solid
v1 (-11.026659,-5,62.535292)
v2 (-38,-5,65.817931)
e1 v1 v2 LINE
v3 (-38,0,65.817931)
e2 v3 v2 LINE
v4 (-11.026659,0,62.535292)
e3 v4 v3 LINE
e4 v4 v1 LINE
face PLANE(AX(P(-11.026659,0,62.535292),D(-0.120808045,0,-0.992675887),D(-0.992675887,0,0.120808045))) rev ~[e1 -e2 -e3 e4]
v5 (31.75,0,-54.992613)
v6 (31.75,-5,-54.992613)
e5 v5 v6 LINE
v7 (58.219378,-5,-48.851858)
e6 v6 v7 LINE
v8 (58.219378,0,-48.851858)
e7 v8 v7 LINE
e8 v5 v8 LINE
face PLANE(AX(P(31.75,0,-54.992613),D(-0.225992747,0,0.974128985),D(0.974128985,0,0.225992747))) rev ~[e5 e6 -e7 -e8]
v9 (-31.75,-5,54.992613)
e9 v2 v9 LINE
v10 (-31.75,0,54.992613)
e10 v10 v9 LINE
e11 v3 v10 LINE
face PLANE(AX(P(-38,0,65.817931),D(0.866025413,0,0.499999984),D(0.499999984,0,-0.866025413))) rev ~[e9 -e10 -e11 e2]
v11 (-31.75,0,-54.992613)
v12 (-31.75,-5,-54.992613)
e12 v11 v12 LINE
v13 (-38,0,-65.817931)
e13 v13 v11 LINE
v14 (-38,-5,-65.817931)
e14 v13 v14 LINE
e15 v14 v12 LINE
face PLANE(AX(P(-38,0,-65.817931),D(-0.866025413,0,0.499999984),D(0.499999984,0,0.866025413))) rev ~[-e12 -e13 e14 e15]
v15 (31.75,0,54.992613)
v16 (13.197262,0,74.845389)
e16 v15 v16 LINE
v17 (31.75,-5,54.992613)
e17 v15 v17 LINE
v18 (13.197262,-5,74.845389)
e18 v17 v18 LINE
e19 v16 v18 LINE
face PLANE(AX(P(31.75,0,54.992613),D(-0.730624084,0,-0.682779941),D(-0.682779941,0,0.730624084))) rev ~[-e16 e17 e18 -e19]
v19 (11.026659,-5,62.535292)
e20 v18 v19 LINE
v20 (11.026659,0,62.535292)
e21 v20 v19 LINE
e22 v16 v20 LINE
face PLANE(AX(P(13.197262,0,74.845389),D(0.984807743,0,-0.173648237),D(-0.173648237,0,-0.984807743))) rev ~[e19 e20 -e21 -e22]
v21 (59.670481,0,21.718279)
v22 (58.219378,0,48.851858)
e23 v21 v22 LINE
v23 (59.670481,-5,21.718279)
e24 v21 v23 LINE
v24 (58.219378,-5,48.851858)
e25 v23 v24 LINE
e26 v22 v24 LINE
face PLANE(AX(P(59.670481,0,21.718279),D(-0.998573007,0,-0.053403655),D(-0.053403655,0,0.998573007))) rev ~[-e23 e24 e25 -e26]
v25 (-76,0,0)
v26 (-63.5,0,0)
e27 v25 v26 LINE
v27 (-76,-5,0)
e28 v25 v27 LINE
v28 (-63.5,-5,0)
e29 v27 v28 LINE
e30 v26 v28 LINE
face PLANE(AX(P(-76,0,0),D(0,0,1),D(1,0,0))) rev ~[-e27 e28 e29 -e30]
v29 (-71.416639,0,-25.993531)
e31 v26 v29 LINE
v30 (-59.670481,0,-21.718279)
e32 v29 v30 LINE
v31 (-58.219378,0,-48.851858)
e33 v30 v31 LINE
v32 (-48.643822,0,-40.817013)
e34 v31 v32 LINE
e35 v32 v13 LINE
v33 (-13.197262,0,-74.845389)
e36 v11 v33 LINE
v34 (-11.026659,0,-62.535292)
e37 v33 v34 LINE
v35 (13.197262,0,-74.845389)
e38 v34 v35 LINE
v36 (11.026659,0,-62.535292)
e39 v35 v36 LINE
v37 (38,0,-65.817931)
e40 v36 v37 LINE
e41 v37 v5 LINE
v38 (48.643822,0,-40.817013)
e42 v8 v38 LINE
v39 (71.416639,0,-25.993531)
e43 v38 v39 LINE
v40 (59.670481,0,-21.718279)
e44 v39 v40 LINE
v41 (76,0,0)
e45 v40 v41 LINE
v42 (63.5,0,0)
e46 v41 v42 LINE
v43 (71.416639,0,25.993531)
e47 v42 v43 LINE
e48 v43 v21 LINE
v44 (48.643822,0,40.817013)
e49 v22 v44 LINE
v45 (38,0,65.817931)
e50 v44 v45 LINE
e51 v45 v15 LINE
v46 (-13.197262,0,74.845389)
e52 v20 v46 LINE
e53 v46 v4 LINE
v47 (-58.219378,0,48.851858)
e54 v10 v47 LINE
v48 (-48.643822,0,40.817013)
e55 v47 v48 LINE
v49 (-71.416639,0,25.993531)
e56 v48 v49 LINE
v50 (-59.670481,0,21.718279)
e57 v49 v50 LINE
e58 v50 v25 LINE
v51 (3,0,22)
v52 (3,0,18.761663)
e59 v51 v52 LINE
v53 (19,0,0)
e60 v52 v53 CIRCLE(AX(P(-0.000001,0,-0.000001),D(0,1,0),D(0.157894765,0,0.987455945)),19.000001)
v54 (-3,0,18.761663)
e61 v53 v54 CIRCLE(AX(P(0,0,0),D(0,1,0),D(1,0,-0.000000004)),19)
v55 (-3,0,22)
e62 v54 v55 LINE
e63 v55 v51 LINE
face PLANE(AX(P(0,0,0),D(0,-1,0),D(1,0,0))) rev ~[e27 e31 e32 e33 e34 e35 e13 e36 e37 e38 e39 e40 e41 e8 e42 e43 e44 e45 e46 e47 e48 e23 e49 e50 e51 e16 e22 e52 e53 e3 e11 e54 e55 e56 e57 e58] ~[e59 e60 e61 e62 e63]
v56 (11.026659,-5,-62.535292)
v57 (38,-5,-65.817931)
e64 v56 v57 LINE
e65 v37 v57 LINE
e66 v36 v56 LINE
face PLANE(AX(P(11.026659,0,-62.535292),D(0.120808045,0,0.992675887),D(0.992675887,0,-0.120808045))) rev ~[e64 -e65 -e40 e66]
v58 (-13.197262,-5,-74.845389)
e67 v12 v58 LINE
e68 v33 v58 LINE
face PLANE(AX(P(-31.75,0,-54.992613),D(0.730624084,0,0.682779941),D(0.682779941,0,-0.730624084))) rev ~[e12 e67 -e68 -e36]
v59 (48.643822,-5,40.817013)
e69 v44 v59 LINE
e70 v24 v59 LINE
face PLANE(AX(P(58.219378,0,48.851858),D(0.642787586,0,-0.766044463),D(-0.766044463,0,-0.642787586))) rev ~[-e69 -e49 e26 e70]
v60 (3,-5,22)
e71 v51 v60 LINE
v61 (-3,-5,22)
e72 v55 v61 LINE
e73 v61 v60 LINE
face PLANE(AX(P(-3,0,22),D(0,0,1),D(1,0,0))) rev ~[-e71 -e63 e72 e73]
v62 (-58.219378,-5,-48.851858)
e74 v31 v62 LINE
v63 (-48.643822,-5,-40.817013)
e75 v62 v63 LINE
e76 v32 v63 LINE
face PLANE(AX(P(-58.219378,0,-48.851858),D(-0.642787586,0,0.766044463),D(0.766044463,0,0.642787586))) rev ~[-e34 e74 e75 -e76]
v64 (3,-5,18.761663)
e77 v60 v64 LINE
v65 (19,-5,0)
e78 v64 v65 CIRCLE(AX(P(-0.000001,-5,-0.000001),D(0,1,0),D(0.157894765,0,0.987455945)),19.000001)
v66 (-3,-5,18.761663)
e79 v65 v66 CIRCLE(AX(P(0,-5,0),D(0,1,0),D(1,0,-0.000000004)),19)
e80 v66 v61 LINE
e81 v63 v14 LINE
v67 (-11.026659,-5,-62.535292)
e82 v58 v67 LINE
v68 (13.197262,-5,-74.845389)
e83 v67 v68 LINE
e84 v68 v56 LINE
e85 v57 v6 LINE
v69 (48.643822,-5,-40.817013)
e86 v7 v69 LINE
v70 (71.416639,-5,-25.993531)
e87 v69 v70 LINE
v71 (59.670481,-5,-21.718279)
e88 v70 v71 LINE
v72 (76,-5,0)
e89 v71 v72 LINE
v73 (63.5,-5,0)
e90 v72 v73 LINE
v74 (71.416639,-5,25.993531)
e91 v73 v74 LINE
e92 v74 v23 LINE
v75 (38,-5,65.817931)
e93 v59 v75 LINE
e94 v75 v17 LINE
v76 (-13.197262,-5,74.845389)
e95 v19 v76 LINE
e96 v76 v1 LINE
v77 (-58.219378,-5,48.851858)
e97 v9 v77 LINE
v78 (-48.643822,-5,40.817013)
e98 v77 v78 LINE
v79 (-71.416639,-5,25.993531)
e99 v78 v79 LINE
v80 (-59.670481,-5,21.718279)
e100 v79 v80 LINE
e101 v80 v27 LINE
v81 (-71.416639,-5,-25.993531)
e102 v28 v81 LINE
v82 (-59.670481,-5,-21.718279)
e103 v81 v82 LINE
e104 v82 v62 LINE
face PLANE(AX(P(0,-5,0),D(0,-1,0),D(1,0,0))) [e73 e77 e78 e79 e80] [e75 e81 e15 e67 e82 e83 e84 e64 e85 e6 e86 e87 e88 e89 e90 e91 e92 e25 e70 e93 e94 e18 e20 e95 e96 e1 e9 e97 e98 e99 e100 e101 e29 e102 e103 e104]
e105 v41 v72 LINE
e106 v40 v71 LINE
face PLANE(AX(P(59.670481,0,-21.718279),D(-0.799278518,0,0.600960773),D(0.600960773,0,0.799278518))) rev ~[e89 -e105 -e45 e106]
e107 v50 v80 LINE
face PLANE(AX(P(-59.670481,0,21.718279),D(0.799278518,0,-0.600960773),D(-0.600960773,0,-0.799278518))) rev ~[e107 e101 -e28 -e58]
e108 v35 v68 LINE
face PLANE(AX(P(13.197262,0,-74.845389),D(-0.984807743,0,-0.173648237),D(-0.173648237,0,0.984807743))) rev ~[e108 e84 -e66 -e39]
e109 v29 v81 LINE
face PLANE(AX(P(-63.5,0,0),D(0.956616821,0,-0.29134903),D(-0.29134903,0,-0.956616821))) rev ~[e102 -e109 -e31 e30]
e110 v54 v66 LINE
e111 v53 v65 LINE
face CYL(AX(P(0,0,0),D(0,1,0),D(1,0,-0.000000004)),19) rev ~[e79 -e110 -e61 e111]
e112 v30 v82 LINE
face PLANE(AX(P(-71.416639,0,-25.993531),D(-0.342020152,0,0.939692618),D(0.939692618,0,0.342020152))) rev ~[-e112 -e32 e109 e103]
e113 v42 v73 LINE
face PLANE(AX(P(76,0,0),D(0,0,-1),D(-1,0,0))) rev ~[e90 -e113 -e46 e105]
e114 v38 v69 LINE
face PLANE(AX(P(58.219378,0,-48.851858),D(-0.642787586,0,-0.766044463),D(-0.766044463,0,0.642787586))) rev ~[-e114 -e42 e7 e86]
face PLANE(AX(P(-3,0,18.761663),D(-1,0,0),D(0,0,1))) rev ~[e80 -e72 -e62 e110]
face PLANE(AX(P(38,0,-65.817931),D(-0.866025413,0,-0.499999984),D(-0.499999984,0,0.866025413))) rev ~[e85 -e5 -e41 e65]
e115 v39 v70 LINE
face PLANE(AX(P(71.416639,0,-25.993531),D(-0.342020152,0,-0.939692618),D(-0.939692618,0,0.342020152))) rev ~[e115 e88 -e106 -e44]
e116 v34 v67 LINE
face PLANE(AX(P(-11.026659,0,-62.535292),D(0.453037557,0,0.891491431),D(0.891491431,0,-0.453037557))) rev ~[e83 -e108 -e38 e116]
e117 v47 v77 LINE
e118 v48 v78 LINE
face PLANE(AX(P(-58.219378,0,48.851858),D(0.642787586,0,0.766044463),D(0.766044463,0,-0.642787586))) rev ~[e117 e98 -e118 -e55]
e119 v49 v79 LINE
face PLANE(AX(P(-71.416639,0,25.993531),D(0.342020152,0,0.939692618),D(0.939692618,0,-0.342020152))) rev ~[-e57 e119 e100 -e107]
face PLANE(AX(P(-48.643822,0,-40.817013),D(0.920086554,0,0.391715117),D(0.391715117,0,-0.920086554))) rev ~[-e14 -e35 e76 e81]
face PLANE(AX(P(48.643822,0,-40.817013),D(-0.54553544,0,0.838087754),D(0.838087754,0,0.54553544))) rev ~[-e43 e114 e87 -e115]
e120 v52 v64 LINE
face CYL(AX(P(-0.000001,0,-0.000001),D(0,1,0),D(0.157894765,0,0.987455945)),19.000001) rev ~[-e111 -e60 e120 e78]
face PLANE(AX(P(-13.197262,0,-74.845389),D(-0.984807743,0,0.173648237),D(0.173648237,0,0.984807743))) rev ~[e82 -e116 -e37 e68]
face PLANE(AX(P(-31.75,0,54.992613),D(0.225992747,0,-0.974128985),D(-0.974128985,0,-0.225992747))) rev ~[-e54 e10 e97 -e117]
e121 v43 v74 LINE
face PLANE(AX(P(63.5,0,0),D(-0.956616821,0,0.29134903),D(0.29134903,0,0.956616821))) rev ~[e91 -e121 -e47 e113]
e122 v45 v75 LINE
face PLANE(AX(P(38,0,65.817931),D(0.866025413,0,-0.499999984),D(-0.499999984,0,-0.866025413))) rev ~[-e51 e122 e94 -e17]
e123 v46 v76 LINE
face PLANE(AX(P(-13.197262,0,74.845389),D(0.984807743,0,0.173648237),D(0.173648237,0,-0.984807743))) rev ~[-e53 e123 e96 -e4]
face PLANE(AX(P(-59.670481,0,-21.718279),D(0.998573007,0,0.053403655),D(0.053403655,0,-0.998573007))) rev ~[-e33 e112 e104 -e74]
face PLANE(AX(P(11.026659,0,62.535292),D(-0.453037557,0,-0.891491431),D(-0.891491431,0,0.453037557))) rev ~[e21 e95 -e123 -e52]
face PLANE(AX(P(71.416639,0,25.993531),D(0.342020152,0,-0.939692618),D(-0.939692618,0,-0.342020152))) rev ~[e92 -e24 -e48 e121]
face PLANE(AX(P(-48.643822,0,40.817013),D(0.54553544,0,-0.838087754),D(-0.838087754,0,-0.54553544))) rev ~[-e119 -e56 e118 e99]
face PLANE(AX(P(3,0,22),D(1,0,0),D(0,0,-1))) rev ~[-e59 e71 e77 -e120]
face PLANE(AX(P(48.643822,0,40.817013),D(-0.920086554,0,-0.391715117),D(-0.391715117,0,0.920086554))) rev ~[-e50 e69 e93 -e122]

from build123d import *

# Parameters (mm, degrees)
F1_DEPTH = 5


with BuildPart() as f1:
    # F0 (on Front) → F1 (new body)
    with BuildSketch(Plane.XZ):
        Polygon((71.416639, 25.993531), (59.670481, 21.718279), (58.219378, 48.851858), (48.643822, 40.817013), (38, 65.817931), (31.75, 54.992613), (13.197262, 74.845389), (11.026659, 62.535292), (-13.197262, 74.845389), (-11.026659, 62.535292), (-38, 65.817931), (-31.75, 54.992613), (-58.219378, 48.851858), (-48.643822, 40.817013), (-71.416639, 25.993531), (-59.670481, 21.718279), (-76, 0), (-63.5, 0), (-71.416639, -25.993531), (-59.670481, -21.718279), (-58.219378, -48.851858), (-48.643822, -40.817013), (-38, -65.817931), (-31.75, -54.992613), (-13.197262, -74.845389), (-11.026659, -62.535292), (13.197262, -74.845389), (11.026659, -62.535292), (38, -65.817931), (31.75, -54.992613), (58.219378, -48.851858), (48.643822, -40.817013), (71.416639, -25.993531), (59.670481, -21.718279), (76, 0), (63.5, 0), align=None)
        with BuildLine():
            ThreePointArc((3, 18.761663), (14.456832, 12.328828), (19, 0))
            ThreePointArc((19, 0), (-12.328828, -14.456832), (-3, 18.761663))
            Line((-3, 18.761663), (-3, 22))
            Line((-3, 22), (3, 22))
            Line((3, 22), (3, 18.761663))
        make_face(mode=Mode.SUBTRACT)
    extrude(amount=F1_DEPTH)


solid = f1.part
